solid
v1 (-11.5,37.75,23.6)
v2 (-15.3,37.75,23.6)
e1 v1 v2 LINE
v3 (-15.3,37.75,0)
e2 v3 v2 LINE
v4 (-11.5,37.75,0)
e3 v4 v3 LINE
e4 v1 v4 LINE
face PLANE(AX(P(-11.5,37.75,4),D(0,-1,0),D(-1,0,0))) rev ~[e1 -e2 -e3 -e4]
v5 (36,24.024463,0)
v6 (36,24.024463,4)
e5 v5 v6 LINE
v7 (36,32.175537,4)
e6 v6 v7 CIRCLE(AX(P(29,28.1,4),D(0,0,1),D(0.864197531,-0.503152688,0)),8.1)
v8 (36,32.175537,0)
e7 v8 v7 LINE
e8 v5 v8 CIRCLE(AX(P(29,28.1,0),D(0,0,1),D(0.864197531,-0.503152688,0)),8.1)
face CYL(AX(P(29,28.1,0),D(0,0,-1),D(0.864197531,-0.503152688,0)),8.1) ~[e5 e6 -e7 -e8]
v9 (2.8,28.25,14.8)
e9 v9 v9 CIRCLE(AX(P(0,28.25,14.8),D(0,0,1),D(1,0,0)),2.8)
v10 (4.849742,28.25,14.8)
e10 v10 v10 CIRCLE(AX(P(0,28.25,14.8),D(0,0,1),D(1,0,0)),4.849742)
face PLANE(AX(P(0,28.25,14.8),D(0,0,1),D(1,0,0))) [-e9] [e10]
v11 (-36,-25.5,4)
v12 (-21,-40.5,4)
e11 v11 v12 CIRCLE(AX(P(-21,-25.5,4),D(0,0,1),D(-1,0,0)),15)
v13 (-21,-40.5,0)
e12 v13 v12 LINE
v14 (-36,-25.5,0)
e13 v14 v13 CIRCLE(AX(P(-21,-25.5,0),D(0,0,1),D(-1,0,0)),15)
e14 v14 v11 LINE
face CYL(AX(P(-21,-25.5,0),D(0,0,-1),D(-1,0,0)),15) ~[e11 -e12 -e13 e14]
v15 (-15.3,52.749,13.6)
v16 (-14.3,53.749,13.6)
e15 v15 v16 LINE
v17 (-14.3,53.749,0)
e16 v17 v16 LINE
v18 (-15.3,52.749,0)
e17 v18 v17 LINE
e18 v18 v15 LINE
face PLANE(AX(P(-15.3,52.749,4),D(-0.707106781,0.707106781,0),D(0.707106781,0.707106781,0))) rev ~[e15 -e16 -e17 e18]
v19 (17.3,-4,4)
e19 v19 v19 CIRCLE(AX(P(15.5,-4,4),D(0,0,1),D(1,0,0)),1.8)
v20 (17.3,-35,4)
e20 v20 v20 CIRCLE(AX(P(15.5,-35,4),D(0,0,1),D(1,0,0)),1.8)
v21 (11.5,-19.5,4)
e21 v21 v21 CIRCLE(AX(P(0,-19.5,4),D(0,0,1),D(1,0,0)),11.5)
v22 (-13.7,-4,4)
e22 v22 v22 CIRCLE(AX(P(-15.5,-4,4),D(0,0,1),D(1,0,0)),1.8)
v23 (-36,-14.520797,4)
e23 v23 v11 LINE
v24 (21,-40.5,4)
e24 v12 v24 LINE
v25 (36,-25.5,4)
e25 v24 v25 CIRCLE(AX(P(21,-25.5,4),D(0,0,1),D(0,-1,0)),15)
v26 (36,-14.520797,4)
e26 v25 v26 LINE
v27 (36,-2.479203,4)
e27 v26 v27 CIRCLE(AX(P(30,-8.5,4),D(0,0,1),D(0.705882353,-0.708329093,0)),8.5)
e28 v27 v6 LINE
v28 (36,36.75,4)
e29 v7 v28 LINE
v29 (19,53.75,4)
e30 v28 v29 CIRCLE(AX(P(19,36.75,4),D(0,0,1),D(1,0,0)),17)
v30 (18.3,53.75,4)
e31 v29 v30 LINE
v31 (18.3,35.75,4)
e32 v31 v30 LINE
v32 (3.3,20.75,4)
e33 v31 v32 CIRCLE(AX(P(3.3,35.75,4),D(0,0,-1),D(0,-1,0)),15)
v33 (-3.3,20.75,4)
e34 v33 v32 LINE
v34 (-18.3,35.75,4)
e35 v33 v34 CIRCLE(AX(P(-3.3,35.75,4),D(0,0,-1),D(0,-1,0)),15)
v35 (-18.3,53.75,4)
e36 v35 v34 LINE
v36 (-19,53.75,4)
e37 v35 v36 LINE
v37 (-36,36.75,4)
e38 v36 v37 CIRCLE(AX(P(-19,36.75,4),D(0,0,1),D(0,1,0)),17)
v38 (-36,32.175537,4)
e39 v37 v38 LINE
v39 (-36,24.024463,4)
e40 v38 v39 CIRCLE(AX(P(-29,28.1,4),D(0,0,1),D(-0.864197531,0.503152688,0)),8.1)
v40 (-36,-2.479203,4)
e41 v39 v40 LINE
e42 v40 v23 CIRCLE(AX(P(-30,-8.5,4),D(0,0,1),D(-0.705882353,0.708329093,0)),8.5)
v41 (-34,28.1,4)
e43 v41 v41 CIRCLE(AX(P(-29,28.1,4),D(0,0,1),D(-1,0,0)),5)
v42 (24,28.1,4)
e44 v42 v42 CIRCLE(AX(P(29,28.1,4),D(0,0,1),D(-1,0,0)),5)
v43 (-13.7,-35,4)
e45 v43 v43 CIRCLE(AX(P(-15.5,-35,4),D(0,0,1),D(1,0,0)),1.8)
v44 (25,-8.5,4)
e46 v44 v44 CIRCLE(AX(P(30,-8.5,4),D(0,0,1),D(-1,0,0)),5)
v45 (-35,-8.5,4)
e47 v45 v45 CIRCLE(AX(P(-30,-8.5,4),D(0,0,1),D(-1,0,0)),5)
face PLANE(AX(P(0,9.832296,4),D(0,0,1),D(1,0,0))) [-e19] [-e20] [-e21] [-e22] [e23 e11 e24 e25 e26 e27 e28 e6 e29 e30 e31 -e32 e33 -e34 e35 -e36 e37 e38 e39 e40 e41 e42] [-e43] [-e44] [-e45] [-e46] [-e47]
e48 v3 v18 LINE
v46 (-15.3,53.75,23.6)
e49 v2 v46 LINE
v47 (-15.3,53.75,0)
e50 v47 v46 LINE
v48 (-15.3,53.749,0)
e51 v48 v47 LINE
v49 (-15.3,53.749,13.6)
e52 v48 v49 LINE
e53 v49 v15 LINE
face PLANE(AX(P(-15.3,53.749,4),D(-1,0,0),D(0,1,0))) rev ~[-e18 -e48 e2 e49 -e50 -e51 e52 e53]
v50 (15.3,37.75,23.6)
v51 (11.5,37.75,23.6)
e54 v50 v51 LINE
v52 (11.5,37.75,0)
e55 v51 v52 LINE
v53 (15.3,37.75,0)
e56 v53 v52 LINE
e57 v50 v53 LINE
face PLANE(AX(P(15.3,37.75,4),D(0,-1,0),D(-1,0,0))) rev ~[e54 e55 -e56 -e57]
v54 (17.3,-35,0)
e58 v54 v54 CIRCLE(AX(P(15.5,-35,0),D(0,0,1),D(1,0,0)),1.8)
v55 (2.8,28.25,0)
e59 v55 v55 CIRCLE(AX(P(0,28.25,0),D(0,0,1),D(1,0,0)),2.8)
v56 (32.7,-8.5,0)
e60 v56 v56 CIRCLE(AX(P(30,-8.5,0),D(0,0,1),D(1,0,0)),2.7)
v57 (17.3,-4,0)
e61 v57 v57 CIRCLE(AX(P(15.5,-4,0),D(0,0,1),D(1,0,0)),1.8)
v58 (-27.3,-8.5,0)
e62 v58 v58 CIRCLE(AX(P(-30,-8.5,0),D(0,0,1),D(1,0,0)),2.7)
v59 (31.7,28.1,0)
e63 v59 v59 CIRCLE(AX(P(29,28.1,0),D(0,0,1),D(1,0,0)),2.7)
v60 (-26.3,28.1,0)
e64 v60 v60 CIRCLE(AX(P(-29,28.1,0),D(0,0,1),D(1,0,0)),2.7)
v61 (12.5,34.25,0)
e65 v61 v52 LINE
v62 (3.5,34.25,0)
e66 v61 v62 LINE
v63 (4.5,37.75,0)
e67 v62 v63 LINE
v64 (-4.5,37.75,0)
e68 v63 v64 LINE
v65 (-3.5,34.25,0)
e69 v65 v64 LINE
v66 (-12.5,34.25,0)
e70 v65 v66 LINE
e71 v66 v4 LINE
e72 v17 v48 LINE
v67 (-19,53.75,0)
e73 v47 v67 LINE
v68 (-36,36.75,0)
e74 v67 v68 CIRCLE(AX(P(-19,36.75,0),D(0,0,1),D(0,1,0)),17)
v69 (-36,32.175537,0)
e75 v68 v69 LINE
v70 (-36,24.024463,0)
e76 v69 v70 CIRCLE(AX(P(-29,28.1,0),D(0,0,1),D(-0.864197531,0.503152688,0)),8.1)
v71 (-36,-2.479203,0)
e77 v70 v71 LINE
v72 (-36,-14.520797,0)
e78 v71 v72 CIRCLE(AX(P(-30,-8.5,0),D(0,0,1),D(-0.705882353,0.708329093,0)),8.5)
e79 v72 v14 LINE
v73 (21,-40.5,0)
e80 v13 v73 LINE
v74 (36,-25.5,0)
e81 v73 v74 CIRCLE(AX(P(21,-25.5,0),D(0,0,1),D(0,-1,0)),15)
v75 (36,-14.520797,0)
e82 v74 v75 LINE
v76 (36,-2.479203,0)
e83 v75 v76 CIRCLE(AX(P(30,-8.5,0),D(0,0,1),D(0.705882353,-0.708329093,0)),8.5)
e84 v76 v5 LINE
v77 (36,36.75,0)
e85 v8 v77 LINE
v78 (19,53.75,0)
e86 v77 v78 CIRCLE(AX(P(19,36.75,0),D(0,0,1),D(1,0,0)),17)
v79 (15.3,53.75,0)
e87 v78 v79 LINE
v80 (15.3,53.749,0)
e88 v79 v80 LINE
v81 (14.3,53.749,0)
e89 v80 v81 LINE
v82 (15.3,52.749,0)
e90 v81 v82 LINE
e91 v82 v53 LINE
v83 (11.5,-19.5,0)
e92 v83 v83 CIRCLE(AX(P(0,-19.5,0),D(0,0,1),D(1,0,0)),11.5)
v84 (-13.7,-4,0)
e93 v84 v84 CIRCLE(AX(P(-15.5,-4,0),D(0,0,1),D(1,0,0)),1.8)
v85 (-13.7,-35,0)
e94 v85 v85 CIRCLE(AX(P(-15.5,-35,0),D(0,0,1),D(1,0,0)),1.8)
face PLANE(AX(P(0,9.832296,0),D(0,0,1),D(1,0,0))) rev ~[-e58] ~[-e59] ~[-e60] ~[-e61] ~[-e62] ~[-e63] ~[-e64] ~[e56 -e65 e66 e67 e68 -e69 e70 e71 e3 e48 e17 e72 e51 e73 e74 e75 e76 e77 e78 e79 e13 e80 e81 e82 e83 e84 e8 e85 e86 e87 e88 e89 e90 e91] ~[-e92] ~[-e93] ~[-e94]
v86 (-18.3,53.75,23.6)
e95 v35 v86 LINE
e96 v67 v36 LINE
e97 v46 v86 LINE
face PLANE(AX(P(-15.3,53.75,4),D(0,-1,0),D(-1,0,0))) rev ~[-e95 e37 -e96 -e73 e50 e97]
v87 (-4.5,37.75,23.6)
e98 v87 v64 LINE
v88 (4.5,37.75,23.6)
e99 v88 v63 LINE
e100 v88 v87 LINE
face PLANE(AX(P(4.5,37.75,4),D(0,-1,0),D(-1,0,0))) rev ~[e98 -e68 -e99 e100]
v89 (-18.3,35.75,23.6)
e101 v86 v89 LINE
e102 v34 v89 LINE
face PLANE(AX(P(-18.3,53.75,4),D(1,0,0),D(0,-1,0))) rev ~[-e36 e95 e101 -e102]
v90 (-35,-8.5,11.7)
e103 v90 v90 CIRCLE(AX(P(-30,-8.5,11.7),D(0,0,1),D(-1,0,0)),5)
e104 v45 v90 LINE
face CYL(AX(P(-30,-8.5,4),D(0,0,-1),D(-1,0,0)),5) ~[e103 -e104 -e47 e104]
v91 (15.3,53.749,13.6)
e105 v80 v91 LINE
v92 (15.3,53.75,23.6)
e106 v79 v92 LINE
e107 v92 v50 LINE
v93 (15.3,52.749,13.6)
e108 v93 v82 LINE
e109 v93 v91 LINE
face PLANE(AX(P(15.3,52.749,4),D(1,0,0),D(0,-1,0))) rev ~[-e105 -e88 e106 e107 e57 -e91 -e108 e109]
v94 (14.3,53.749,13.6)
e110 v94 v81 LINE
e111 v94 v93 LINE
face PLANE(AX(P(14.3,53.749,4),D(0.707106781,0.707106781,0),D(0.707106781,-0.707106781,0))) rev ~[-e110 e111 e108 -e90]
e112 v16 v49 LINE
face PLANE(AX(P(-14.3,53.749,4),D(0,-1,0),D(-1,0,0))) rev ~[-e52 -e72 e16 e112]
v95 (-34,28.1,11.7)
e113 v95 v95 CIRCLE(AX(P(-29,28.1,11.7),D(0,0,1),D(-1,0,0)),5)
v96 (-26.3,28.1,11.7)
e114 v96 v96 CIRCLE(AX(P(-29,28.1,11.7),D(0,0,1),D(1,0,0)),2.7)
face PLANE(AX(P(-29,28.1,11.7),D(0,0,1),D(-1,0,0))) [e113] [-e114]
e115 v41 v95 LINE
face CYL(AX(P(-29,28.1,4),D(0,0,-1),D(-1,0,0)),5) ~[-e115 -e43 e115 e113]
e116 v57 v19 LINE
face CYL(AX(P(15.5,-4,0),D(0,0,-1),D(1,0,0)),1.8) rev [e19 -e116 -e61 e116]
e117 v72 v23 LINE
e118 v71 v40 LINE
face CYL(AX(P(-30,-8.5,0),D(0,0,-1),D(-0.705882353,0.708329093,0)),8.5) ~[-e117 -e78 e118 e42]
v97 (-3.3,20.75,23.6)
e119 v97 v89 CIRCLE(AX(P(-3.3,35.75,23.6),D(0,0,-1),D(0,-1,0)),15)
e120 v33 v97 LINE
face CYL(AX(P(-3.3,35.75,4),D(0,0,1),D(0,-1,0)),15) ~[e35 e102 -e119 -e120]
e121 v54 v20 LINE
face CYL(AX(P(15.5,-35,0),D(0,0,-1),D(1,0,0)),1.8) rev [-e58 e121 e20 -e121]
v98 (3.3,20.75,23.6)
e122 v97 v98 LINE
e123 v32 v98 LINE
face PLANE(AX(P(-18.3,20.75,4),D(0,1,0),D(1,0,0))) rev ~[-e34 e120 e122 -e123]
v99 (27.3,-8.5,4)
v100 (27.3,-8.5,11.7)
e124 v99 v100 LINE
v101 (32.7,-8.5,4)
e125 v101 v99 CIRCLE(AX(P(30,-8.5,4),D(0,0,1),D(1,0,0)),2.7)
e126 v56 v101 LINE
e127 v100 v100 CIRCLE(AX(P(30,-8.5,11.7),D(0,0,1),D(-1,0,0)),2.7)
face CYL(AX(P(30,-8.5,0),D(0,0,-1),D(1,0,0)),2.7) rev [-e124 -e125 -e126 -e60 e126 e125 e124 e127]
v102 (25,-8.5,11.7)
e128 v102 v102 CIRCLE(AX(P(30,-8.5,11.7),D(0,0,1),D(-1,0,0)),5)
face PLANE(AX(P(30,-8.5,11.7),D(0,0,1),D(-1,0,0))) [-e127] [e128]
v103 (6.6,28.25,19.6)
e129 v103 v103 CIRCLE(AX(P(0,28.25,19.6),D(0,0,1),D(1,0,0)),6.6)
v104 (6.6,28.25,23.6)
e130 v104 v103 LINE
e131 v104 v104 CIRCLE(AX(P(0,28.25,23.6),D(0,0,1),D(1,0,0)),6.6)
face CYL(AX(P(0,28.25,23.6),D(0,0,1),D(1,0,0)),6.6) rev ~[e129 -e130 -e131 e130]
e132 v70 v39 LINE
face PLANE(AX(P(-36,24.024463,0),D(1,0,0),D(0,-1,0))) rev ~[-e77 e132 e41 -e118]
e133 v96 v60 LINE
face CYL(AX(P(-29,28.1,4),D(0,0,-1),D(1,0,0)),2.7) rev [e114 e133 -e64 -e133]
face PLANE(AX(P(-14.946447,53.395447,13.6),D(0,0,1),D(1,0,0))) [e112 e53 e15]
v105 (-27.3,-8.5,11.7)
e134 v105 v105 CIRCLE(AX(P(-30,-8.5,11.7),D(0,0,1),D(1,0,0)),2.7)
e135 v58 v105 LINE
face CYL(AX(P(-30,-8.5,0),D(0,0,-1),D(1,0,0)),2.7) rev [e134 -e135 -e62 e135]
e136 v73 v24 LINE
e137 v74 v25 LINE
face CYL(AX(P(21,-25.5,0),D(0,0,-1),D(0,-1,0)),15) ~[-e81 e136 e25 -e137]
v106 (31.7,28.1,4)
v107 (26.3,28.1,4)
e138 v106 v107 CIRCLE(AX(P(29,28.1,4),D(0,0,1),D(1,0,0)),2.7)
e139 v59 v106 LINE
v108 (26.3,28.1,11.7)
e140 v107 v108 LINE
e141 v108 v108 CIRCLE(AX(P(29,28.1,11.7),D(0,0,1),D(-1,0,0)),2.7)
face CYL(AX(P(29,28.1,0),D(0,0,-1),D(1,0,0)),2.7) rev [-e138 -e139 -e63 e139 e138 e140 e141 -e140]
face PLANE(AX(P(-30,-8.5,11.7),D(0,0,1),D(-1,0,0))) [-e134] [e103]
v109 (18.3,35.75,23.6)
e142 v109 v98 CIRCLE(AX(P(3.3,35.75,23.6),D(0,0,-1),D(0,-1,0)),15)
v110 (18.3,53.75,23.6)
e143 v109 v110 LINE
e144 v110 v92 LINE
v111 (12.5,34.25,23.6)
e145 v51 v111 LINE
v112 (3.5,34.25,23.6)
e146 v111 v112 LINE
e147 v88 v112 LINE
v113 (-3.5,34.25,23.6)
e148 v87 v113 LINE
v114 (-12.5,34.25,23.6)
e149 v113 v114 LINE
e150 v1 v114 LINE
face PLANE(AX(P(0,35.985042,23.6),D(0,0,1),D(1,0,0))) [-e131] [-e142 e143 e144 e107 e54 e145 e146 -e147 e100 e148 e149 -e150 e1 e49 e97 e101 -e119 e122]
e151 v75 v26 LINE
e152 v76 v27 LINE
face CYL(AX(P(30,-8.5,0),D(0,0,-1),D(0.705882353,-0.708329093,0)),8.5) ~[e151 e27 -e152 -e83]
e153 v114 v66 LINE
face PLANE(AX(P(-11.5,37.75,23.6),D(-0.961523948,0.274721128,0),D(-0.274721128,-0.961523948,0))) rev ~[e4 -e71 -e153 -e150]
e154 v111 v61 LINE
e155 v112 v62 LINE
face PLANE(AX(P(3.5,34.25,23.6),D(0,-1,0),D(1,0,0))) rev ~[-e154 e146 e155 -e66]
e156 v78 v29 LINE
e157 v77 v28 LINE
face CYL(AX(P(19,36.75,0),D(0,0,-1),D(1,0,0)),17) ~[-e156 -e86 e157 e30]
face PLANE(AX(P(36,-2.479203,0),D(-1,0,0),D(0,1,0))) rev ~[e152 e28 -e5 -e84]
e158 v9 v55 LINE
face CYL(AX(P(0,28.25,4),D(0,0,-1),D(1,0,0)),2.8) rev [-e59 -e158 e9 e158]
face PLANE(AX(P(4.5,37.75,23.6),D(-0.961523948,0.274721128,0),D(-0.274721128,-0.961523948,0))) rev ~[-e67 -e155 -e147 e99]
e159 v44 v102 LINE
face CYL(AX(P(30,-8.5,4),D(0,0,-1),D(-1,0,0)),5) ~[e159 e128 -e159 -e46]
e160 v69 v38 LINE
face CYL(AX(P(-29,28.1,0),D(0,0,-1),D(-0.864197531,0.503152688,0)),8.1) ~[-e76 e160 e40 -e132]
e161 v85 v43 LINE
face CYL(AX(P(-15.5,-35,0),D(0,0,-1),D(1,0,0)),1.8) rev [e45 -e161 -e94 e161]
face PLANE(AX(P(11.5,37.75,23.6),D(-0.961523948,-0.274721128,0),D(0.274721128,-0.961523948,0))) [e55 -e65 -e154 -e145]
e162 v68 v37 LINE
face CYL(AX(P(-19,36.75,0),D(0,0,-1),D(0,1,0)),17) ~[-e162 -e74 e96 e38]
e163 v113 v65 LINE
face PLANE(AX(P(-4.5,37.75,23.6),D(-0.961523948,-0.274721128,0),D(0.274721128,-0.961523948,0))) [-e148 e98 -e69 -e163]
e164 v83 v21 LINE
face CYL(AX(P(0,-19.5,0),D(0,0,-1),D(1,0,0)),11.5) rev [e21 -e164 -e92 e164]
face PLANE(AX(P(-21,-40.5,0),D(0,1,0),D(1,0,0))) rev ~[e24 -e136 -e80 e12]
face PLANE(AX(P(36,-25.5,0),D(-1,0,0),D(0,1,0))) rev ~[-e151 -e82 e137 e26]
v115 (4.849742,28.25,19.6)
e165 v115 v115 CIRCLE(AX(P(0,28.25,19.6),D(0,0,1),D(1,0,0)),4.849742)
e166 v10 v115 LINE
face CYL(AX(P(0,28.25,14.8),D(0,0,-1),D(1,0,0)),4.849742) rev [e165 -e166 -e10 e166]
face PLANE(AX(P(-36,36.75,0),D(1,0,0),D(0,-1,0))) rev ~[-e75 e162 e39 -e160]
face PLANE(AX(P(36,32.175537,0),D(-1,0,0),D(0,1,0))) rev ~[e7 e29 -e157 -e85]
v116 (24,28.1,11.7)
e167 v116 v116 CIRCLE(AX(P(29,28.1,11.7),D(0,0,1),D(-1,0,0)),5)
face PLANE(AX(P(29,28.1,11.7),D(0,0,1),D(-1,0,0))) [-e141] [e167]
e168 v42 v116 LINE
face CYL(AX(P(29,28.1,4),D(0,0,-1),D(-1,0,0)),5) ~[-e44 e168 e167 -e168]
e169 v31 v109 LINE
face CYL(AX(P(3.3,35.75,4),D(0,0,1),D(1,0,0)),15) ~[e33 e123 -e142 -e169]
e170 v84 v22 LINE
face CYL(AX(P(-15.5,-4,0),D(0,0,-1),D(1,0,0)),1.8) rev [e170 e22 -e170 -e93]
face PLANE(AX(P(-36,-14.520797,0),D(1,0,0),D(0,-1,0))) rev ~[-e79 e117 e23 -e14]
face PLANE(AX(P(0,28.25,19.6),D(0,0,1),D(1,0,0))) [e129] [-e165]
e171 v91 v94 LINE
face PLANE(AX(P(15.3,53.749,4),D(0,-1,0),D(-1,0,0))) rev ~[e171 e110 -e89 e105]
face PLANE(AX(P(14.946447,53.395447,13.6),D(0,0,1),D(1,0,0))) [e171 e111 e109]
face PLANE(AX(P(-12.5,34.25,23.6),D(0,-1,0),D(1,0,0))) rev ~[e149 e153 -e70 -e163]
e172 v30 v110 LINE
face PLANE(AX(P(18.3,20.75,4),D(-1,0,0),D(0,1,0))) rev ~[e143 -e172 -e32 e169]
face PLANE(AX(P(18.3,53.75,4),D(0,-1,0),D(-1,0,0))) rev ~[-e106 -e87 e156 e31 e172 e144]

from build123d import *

# Parameters (mm, degrees)
SKETCH_1_R           = 2.8
SKETCH_1_R_2         = 2.7
SKETCH_1_R_3         = 1.8
SKETCH_1_R_4         = 11.5
EXTRUDE_1_DEPTH      = 4
EXTRUDE_START        = 4
SKETCH_1_4_R         = 2.8
EXTRUDE_3_DEPTH      = 19.6
SKETCH_9_R           = 5
SKETCH_9_R_2         = 2.7
EXTRUDE_4_DEPTH      = 7.7
FILLET_1_R           = 15
SKETCH_12_R          = 6.6
CUT_EXTRUDE_12_DEPTH = 4
CUT_EXTRUDE_START    = -8.8
SKETCH_12_5_R        = 4.849742261
SKETCH_12_5_R_2      = 2.8
CUT_EXTRUDE_13_DEPTH = 4.8
CUT_EXTRUDE_14_REACH = 72.202
CUT_EXTRUDE_15_DEPTH = 10


with BuildPart() as part:
    # 草图1 → 凸台-拉伸1 (new body)
    with BuildSketch(Plane.XY):
        with BuildLine():
            Line((-11.5, 37.75), (-15.3, 37.75))
            Line((-15.3, 37.75), (-15.3, 52.749))
            Line((-15.3, 52.749), (-14.3, 53.749))
            Line((-14.3, 53.749), (-15.3, 53.749))
            Line((-15.3, 53.749), (-15.3, 53.75))
            Line((-15.3, 53.75), (-19, 53.75))
            ThreePointArc((-19, 53.75), (-31.02081528, 48.77081528), (-36, 36.75))
            Line((-36, 36.75), (-36, 32.175536774))
            ThreePointArc((-36, 32.175536774), (-37.1, 28.1), (-36, 24.024463226))
            Line((-36, 24.024463226), (-36, -2.479202711))
            ThreePointArc((-36, -2.479202711), (-38.5, -8.5), (-36, -14.520797289))
            Line((-36, -14.520797289), (-36, -25.5))
            ThreePointArc((-36, -25.5), (-31.606601718, -36.106601718), (-21, -40.5))
            Line((-21, -40.5), (21, -40.5))
            ThreePointArc((21, -40.5), (31.606601718, -36.106601718), (36, -25.5))
            Line((36, -25.5), (36, -14.520797289))
            ThreePointArc((36, -14.520797289), (38.5, -8.5), (36, -2.479202711))
            Line((36, -2.479202711), (36, 24.024463226))
            ThreePointArc((36, 24.024463226), (37.1, 28.1), (36, 32.175536774))
            Line((36, 32.175536774), (36, 36.75))
            ThreePointArc((36, 36.75), (31.02081528, 48.77081528), (19, 53.75))
            Line((19, 53.75), (15.3, 53.75))
            Line((15.3, 53.75), (15.3, 53.749))
            Line((15.3, 53.749), (14.3, 53.749))
            Line((14.3, 53.749), (15.3, 52.749))
            Line((15.3, 52.749), (15.3, 37.75))
            Line((15.3, 37.75), (11.5, 37.75))
            Line((11.5, 37.75), (11.5, 34.25))
            Line((11.5, 34.25), (4.5, 34.25))
            Line((4.5, 34.25), (4.5, 37.75))
            Line((4.5, 37.75), (-4.5, 37.75))
            Line((-4.5, 37.75), (-4.5, 34.25))
            Line((-4.5, 34.25), (-11.5, 34.25))
            Line((-11.5, 34.25), (-11.5, 37.75))
        make_face()
        with Locations((0, 28.25)):
            Circle(SKETCH_1_R, mode=Mode.SUBTRACT)
        with Locations((-29, 28.1)):
            Circle(SKETCH_1_R_2, mode=Mode.SUBTRACT)
        with Locations((-30, -8.5)):
            Circle(SKETCH_1_R_2, mode=Mode.SUBTRACT)
        with Locations((29, 28.1)):
            Circle(SKETCH_1_R_2, mode=Mode.SUBTRACT)
        with Locations((30, -8.5)):
            Circle(SKETCH_1_R_2, mode=Mode.SUBTRACT)
        with Locations((15.5, -4)):
            Circle(SKETCH_1_R_3, mode=Mode.SUBTRACT)
        with Locations((0, -19.5)):
            Circle(SKETCH_1_R_4, mode=Mode.SUBTRACT)
        with Locations((15.5, -35)):
            Circle(SKETCH_1_R_3, mode=Mode.SUBTRACT)
        with Locations((-15.5, -35)):
            Circle(SKETCH_1_R_3, mode=Mode.SUBTRACT)
        with Locations((-15.5, -4)):
            Circle(SKETCH_1_R_3, mode=Mode.SUBTRACT)
    extrude(amount=EXTRUDE_1_DEPTH)

    # 草图1<4> → 凸台-拉伸3 (add)
    with BuildSketch(Plane.XY.offset(EXTRUDE_START)):
        Polygon((-11.5, 37.75), (-15.3, 37.75), (-15.3, 52.749), (-14.3, 53.749), (-15.3, 53.749), (-15.3, 53.75), (-18.3, 53.75), (-18.3, 20.75), (18.3, 20.75), (18.3, 53.75), (15.3, 53.75), (15.3, 53.749), (14.3, 53.749), (15.3, 52.749), (15.3, 37.75), (11.5, 37.75), (11.5, 34.25), (4.5, 34.25), (4.5, 37.75), (-4.5, 37.75), (-4.5, 34.25), (-11.5, 34.25), align=None)
        with Locations((0, 28.25)):
            Circle(SKETCH_1_4_R, mode=Mode.SUBTRACT)
    extrude(amount=EXTRUDE_3_DEPTH)

    # 草图9 → 凸台-拉伸4 (add)
    # profile 1 of 4: a face of its own
    with BuildSketch(Plane.XY.offset(4)):
        with Locations(Location((-29, 28.1, 0), (0, 0, 180))):
            Circle(SKETCH_9_R)
        with Locations((-29, 28.1)):
            Circle(SKETCH_9_R_2, mode=Mode.SUBTRACT)
    # profile 2 of 4: a face of its own
    with BuildSketch(Plane.XY.offset(4)):
        with Locations(Location((-30, -8.5, 0), (0, 0, 180))):
            Circle(SKETCH_9_R)
        with Locations((-30, -8.5)):
            Circle(SKETCH_9_R_2, mode=Mode.SUBTRACT)
    # profile 3 of 4: a face of its own
    with BuildSketch(Plane.XY.offset(4)):
        with Locations(Location((30, -8.5, 0), (0, 0, 180))):
            Circle(SKETCH_9_R)
        with Locations(Location((30, -8.5, 0), (0, 0, 180))):
            Circle(SKETCH_9_R_2, mode=Mode.SUBTRACT)
    # profile 4 of 4: a face of its own
    with BuildSketch(Plane.XY.offset(4)):
        with Locations(Location((29, 28.1, 0), (0, 0, 180))):
            Circle(SKETCH_9_R)
        with Locations(Location((29, 28.1, 0), (0, 0, 180))):
            Circle(SKETCH_9_R_2, mode=Mode.SUBTRACT)
    extrude(amount=EXTRUDE_4_DEPTH)

    # 圆角1
    fillet_1_edges = [part.edges().sort_by_distance(p)[0] for p in [
        (-18.3, 20.75, 13.8),
        (18.3, 20.75, 13.8),
    ]]
    fillet(fillet_1_edges, radius=FILLET_1_R)

    # 草图12 → 切除-拉伸12 (cut)
    with BuildSketch(Plane.XY.offset(23.6)):
        with Locations((0, 28.25)):
            Circle(SKETCH_12_R)
    extrude(amount=-CUT_EXTRUDE_12_DEPTH, mode=Mode.SUBTRACT)

    # 草图12<5> → 切除-拉伸13 (cut)
    with BuildSketch(Plane.XY.offset(23.6).offset(CUT_EXTRUDE_START)):
        with Locations((0, 28.25)):
            Circle(SKETCH_12_5_R)
        with Locations((0, 28.25)):
            Circle(SKETCH_12_5_R_2, mode=Mode.SUBTRACT)
    extrude(amount=CUT_EXTRUDE_13_DEPTH, mode=Mode.SUBTRACT)

    # 草图13 → 切除-拉伸14 (cut, up to next)
    with BuildSketch(Plane.XY.offset(23.6), mode=Mode.PRIVATE) as cut_extrude_14_sk1:
        Polygon((-4.5, 37.75), (-3.5, 34.25), (-4.5, 34.25), align=None)
    cut_extrude_14_tool1 = extrude(cut_extrude_14_sk1.sketch, amount=-CUT_EXTRUDE_14_REACH, mode=Mode.PRIVATE) & part.part
    # 草图13 → 切除-拉伸14 (cut, up to next)
    with BuildSketch(Plane.XY.offset(23.6), mode=Mode.PRIVATE) as cut_extrude_14_sk2:
        Polygon((-11.5, 34.25), (-11.5, 37.75), (-12.5, 34.25), align=None)
    cut_extrude_14_tool2 = extrude(cut_extrude_14_sk2.sketch, amount=-CUT_EXTRUDE_14_REACH, mode=Mode.PRIVATE) & part.part
    # 草图13 → 切除-拉伸14 (cut, up to next)
    with BuildSketch(Plane.XY.offset(23.6), mode=Mode.PRIVATE) as cut_extrude_14_sk3:
        Polygon((11.5, 37.75), (12.5, 34.25), (11.5, 34.25), align=None)
    cut_extrude_14_tool3 = extrude(cut_extrude_14_sk3.sketch, amount=-CUT_EXTRUDE_14_REACH, mode=Mode.PRIVATE) & part.part
    # 草图13 → 切除-拉伸14 (cut, up to next)
    with BuildSketch(Plane.XY.offset(23.6), mode=Mode.PRIVATE) as cut_extrude_14_sk4:
        Polygon((4.5, 34.25), (4.5, 37.75), (3.5, 34.25), align=None)
    cut_extrude_14_tool4 = extrude(cut_extrude_14_sk4.sketch, amount=-CUT_EXTRUDE_14_REACH, mode=Mode.PRIVATE) & part.part
    add(cut_extrude_14_tool1.solids().sort_by_distance((-4.166667, 35.416667, 23.6))[0], mode=Mode.SUBTRACT)
    add(cut_extrude_14_tool2.solids().sort_by_distance((-11.833333, 35.416667, 23.6))[0], mode=Mode.SUBTRACT)
    add(cut_extrude_14_tool3.solids().sort_by_distance((11.833333, 35.416667, 23.6))[0], mode=Mode.SUBTRACT)
    add(cut_extrude_14_tool4.solids().sort_by_distance((4.166667, 35.416667, 23.6))[0], mode=Mode.SUBTRACT)

    # 草图14 → 切除-拉伸15 (cut)
    with BuildSketch(Plane.XY.offset(23.6)):
        Polygon((-15.3, 53.749), (-15.3, 52.749), (-14.3, 53.749), align=None)
        Polygon((14.3, 53.749), (15.3, 52.749), (15.3, 53.749), align=None)
    extrude(amount=-CUT_EXTRUDE_15_DEPTH, mode=Mode.SUBTRACT)


solid = part.part
